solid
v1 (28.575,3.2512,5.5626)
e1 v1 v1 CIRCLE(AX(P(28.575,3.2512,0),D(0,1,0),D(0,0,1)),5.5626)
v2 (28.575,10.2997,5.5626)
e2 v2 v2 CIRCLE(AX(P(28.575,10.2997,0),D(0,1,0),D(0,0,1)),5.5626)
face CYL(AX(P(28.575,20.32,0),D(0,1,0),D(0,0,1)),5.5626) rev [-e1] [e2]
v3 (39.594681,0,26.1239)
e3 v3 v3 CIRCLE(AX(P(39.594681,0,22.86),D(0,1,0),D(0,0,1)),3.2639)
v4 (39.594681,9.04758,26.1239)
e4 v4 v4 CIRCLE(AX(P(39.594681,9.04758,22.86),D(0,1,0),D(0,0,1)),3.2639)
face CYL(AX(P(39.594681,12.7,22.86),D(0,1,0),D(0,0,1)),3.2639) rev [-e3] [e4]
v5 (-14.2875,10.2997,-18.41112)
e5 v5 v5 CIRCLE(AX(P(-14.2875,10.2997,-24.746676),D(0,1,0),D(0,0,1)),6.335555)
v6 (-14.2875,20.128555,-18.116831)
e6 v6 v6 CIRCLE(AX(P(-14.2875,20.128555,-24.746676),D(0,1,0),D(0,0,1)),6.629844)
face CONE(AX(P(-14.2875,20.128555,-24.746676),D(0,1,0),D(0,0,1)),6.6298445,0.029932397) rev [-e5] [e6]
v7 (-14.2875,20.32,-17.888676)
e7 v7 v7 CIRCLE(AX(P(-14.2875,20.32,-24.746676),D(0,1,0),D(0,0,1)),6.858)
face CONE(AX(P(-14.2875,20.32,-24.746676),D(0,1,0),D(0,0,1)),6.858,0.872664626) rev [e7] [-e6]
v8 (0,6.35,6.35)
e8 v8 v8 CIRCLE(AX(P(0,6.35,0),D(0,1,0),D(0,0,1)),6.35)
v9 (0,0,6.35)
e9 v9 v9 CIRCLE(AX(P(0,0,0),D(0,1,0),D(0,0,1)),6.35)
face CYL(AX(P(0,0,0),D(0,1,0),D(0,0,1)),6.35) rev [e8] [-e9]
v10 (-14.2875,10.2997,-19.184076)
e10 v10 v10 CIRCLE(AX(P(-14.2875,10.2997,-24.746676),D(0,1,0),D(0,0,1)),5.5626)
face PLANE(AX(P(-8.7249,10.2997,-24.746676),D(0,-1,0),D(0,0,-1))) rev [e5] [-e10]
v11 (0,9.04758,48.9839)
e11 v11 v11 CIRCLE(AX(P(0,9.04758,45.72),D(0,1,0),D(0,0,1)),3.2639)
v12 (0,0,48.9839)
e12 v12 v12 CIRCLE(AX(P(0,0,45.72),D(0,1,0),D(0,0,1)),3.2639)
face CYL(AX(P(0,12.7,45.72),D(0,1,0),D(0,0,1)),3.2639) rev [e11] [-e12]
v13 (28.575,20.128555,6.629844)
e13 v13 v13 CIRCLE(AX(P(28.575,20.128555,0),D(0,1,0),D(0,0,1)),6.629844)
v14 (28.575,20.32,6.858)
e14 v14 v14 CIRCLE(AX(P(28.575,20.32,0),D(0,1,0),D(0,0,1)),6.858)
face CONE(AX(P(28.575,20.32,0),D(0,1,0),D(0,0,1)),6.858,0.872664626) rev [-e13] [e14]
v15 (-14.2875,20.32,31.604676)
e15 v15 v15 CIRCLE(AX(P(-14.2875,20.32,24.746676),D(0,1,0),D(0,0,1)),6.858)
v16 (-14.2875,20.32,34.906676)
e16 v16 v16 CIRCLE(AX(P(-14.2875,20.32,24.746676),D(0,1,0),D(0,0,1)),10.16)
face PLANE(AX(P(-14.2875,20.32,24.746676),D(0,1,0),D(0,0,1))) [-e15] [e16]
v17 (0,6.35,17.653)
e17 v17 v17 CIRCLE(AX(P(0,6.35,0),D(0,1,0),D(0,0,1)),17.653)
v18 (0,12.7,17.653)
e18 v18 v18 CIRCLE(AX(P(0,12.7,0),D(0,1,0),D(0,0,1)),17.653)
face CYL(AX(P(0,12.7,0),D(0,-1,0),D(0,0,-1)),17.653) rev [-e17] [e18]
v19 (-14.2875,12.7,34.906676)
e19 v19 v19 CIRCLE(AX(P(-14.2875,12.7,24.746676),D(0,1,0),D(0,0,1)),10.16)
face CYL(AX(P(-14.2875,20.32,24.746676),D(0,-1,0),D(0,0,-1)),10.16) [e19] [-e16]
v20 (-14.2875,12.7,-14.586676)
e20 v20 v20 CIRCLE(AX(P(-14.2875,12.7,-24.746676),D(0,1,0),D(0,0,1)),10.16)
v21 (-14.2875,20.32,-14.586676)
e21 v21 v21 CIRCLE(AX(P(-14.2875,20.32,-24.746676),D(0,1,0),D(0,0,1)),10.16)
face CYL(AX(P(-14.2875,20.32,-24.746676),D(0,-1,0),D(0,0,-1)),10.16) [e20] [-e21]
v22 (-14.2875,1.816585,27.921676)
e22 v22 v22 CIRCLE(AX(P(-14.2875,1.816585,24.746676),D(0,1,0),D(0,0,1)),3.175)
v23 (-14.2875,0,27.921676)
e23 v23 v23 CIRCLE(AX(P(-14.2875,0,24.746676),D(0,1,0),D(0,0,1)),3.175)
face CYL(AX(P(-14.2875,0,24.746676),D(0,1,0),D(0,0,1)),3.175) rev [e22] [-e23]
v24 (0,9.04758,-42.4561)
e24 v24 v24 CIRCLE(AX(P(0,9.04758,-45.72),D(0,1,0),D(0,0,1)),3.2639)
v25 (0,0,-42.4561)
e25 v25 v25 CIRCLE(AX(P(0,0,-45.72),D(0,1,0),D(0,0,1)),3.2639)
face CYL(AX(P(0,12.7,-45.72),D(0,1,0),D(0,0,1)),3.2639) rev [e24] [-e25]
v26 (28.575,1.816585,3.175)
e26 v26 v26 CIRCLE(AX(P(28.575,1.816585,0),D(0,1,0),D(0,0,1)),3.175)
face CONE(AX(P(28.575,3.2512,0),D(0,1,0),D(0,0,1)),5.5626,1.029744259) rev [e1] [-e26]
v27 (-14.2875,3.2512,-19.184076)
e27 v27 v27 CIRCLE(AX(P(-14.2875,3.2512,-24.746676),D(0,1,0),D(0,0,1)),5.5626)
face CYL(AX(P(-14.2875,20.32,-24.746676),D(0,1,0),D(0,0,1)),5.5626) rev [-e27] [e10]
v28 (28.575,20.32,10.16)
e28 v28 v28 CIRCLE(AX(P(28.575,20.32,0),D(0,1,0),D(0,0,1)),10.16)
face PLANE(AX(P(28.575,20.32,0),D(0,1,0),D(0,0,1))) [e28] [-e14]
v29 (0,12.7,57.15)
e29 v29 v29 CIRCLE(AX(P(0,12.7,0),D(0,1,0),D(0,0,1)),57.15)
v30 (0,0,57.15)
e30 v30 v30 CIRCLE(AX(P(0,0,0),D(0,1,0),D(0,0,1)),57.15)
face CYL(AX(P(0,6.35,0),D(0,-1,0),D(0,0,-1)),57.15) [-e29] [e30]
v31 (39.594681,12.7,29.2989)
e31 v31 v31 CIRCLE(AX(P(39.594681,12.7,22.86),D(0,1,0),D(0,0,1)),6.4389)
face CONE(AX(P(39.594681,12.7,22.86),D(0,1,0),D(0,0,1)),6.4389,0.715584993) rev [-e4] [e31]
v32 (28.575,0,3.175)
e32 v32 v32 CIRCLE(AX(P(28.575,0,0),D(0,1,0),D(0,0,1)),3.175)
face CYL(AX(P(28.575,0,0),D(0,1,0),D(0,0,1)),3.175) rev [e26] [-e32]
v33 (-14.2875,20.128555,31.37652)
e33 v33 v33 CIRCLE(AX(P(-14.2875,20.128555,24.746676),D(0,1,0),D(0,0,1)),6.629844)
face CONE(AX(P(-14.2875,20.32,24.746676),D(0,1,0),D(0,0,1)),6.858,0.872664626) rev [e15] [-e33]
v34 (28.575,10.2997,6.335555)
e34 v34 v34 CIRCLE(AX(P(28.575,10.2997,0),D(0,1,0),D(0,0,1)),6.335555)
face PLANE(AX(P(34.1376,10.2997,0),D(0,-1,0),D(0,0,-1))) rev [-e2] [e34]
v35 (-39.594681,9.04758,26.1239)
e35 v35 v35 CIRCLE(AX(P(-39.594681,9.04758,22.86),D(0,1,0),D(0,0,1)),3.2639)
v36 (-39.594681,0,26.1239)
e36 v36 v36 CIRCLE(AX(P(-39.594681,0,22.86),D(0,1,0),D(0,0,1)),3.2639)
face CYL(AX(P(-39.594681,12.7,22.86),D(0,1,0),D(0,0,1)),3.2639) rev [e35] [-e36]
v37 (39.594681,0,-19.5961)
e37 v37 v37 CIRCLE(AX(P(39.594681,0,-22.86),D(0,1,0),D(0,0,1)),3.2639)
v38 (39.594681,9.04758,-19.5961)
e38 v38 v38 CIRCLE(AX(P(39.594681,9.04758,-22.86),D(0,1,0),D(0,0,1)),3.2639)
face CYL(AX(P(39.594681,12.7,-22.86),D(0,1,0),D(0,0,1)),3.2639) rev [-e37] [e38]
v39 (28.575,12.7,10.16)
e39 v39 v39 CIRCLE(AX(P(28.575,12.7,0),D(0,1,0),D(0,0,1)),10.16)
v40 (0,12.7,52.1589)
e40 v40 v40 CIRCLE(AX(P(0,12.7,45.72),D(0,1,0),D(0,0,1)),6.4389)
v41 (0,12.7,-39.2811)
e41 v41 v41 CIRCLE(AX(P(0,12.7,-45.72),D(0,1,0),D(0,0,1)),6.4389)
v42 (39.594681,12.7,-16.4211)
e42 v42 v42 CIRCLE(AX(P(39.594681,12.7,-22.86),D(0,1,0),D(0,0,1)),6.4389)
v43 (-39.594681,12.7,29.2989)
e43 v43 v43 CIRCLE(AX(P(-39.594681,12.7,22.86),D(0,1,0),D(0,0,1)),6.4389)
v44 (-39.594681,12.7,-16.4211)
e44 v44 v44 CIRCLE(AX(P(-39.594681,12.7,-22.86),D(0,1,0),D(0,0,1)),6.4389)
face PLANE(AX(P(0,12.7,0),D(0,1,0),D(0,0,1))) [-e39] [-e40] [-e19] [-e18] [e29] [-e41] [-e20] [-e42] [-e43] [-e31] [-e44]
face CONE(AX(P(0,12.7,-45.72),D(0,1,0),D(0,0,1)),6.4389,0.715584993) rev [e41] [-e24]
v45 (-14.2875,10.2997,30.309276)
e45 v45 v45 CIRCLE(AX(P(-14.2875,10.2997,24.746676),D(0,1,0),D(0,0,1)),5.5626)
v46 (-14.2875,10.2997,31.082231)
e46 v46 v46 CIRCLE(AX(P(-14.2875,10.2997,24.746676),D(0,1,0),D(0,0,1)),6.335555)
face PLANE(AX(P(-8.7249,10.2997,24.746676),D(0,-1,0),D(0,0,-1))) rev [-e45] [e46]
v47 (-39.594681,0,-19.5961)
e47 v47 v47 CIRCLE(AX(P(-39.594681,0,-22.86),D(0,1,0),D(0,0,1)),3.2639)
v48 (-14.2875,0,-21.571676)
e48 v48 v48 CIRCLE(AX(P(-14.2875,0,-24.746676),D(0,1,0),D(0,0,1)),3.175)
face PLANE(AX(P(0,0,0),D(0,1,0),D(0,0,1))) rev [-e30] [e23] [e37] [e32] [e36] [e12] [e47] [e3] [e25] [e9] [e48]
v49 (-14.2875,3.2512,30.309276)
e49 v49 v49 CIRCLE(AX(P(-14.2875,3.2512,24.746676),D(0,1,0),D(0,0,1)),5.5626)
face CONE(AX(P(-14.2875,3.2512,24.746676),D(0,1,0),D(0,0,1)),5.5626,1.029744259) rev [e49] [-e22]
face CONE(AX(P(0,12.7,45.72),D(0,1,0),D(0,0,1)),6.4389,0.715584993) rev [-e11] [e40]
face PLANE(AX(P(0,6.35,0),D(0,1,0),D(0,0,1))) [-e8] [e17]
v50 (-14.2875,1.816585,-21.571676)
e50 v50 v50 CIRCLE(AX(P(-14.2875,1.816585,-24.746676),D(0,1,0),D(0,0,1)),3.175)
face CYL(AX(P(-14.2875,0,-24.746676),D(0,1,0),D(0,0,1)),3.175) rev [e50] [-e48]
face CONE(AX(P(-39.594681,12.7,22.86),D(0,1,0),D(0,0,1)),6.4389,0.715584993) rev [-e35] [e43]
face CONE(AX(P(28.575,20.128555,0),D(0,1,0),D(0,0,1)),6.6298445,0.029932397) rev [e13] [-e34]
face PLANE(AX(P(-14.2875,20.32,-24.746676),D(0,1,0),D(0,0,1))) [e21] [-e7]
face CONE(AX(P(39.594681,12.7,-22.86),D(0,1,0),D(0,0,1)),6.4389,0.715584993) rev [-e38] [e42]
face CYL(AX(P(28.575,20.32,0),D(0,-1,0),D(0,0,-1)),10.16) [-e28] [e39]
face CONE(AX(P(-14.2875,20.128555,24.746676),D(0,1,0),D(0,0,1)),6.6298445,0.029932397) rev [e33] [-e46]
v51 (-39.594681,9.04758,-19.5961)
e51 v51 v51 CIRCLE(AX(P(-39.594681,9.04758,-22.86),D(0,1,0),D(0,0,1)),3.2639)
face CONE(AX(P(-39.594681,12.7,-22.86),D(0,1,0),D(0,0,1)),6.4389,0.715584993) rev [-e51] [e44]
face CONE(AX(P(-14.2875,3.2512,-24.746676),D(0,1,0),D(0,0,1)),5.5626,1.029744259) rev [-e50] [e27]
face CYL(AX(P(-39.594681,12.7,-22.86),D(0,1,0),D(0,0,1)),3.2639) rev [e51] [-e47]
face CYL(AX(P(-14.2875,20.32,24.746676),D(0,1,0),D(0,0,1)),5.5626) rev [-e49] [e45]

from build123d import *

# Parameters (mm, degrees)
SKETCH1_R                                        = 57.15
BOSS_EXTRUDE1_DEPTH                              = 6.35
SKETCH2_R                                        = 6.35
CUT_EXTRUDE1_DEPTH                               = 1
CUT_EXTRUDE1_DEPTH_BACK                          = 7.35
SKETCH3_R                                        = 57.15
SKETCH3_R_2                                      = 17.653
BOSS_EXTRUDE2_DEPTH                              = 6.35
ANNULUS_ENTRANCE_R                               = 3.175
CUT_EXTRUDE2_DEPTH                               = 1
CUT_EXTRUDE2_DEPTH_BACK                          = 13.7
CSK_FOR_1_4_FLAT_HEAD_MACHINE_SCREW1_D           = 6.5278
CSK_FOR_1_4_FLAT_HEAD_MACHINE_SCREW1_CSINK_D     = 12.8778
CSK_FOR_1_4_FLAT_HEAD_MACHINE_SCREW1_CSINK_ANGLE = 82
CIRPATTERN1_COUNT                                = 6
SKETCH11_R                                       = 10.16
SKETCH11_R_2                                     = 3.175
BOSS_EXTRUDE3_DEPTH                              = 7.62
F_1_4_NPT_TAPPED_HOLE3_AT_2_COUNT                = 2
F_1_4_NPT_TAPPED_HOLE3_AT_2_PITCH                = 49.493351826
F_1_4_NPT_TAPPED_HOLE3_AT_3_COUNT                = 2
F_1_4_NPT_TAPPED_HOLE3_AT_3_PITCH                = 49.493351826


with BuildPart() as part:
    # Sketch1 → Boss-Extrude1 (new body)
    with BuildSketch(Plane(origin=(0, 0, 0), x_dir=(1, 0, 0), z_dir=(0, 1, 0))):
        Circle(SKETCH1_R)
    extrude(amount=BOSS_EXTRUDE1_DEPTH)

    # Sketch2 → Cut-Extrude1 (cut, two sides)
    with BuildSketch(Plane(origin=(0, 6.35, 0), x_dir=(1, 0, 0), z_dir=(0, 1, 0))) as cut_extrude1_sk:
        Circle(SKETCH2_R)
    extrude(amount=CUT_EXTRUDE1_DEPTH, mode=Mode.SUBTRACT)
    extrude(cut_extrude1_sk.sketch, amount=-CUT_EXTRUDE1_DEPTH_BACK, mode=Mode.SUBTRACT)

    # Sketch3 → Boss-Extrude2 (add)
    with BuildSketch(Plane(origin=(0, 6.35, 0), x_dir=(1, 0, 0), z_dir=(0, 1, 0))):
        Circle(SKETCH3_R)
        Circle(SKETCH3_R_2, mode=Mode.SUBTRACT)
    extrude(amount=BOSS_EXTRUDE2_DEPTH)

    # Annulus Entrance → Cut-Extrude2 (cut, two sides)
    with BuildSketch(Plane(origin=(0, 12.7, 0), x_dir=(1, 0, 0), z_dir=(0, 1, 0))) as cut_extrude2_sk:
        with Locations((28.575, 0)):
            Circle(ANNULUS_ENTRANCE_R)
        with Locations((-14.2875, -24.746675913)):
            Circle(ANNULUS_ENTRANCE_R)
        with Locations((-14.2875, 24.746675913)):
            Circle(ANNULUS_ENTRANCE_R)
    extrude(amount=CUT_EXTRUDE2_DEPTH, mode=Mode.SUBTRACT)
    extrude(cut_extrude2_sk.sketch, amount=-CUT_EXTRUDE2_DEPTH_BACK, mode=Mode.SUBTRACT)

    # CSK for 1/4 Flat Head Machine Screw1 (through all)
    with Locations(Plane(origin=(0, 12.7, -45.72), x_dir=(0, 0, 1), z_dir=(0, 1, 0))):
        with Locations((0, 0)):
            csk_for_1_4_flat_head_machine_screw1 = CounterSinkHole(CSK_FOR_1_4_FLAT_HEAD_MACHINE_SCREW1_D / 2, CSK_FOR_1_4_FLAT_HEAD_MACHINE_SCREW1_CSINK_D / 2, counter_sink_angle=CSK_FOR_1_4_FLAT_HEAD_MACHINE_SCREW1_CSINK_ANGLE)

    # CirPattern1: CSK for 1/4 Flat Head Machine Screw1 ×6 about axis
    cirpattern1_axis = Axis((0, 0, 0), (0, 1, 0))
    for i in range(1, CIRPATTERN1_COUNT):
        add(csk_for_1_4_flat_head_machine_screw1.rotate(cirpattern1_axis, i * 360 / CIRPATTERN1_COUNT), mode=Mode.SUBTRACT)

    # Sketch11 → Boss-Extrude3 (add)
    with BuildSketch(Plane(origin=(0, 12.7, 0), x_dir=(1, 0, 0), z_dir=(0, 1, 0))):
        with Locations((-14.2875, 24.746675913)):
            Circle(SKETCH11_R)
        with Locations((-14.2875, 24.746675913)):
            Circle(SKETCH11_R_2, mode=Mode.SUBTRACT)
        with Locations((28.575, 0)):
            Circle(SKETCH11_R)
        with Locations((28.575, 0)):
            Circle(SKETCH11_R_2, mode=Mode.SUBTRACT)
        with Locations((-14.2875, -24.746675913)):
            Circle(SKETCH11_R)
        with Locations((-14.2875, -24.746675913)):
            Circle(SKETCH11_R_2, mode=Mode.SUBTRACT)
    extrude(amount=BOSS_EXTRUDE3_DEPTH)

    # Sketch13 → 1/4 NPT Tapped Hole3 (revolve, cut)
    with BuildSketch(Plane(origin=(-14.2875, 20.32, -24.746675913), x_dir=(0, 0, 1), z_dir=(1, 0, 0))):
        Polygon((0, 0), (0, 20.411147279), (5.5626, 17.0688), (5.5626, 10.0203), (6.335555425, 10.0203), (6.6298445, 0.191445196), (6.858, 0), align=None)
    f_1_4_npt_tapped_hole3 = revolve(axis=Axis((-14.2875, 26.67, -24.746675913), (0, -1, 0)), mode=Mode.SUBTRACT)

    # 1/4 NPT Tapped Hole3 at 2: 1/4 NPT Tapped Hole3 ×2
    with Locations(*[Vector(0.866025404, 0, 0.5) * (i * F_1_4_NPT_TAPPED_HOLE3_AT_2_PITCH) for i in range(1, F_1_4_NPT_TAPPED_HOLE3_AT_2_COUNT)]):
        add(f_1_4_npt_tapped_hole3, mode=Mode.SUBTRACT)

    # 1/4 NPT Tapped Hole3 at 3: 1/4 NPT Tapped Hole3 ×2
    with Locations(*[(0, 0, i * F_1_4_NPT_TAPPED_HOLE3_AT_3_PITCH) for i in range(1, F_1_4_NPT_TAPPED_HOLE3_AT_3_COUNT)]):
        add(f_1_4_npt_tapped_hole3, mode=Mode.SUBTRACT)


solid = part.part
